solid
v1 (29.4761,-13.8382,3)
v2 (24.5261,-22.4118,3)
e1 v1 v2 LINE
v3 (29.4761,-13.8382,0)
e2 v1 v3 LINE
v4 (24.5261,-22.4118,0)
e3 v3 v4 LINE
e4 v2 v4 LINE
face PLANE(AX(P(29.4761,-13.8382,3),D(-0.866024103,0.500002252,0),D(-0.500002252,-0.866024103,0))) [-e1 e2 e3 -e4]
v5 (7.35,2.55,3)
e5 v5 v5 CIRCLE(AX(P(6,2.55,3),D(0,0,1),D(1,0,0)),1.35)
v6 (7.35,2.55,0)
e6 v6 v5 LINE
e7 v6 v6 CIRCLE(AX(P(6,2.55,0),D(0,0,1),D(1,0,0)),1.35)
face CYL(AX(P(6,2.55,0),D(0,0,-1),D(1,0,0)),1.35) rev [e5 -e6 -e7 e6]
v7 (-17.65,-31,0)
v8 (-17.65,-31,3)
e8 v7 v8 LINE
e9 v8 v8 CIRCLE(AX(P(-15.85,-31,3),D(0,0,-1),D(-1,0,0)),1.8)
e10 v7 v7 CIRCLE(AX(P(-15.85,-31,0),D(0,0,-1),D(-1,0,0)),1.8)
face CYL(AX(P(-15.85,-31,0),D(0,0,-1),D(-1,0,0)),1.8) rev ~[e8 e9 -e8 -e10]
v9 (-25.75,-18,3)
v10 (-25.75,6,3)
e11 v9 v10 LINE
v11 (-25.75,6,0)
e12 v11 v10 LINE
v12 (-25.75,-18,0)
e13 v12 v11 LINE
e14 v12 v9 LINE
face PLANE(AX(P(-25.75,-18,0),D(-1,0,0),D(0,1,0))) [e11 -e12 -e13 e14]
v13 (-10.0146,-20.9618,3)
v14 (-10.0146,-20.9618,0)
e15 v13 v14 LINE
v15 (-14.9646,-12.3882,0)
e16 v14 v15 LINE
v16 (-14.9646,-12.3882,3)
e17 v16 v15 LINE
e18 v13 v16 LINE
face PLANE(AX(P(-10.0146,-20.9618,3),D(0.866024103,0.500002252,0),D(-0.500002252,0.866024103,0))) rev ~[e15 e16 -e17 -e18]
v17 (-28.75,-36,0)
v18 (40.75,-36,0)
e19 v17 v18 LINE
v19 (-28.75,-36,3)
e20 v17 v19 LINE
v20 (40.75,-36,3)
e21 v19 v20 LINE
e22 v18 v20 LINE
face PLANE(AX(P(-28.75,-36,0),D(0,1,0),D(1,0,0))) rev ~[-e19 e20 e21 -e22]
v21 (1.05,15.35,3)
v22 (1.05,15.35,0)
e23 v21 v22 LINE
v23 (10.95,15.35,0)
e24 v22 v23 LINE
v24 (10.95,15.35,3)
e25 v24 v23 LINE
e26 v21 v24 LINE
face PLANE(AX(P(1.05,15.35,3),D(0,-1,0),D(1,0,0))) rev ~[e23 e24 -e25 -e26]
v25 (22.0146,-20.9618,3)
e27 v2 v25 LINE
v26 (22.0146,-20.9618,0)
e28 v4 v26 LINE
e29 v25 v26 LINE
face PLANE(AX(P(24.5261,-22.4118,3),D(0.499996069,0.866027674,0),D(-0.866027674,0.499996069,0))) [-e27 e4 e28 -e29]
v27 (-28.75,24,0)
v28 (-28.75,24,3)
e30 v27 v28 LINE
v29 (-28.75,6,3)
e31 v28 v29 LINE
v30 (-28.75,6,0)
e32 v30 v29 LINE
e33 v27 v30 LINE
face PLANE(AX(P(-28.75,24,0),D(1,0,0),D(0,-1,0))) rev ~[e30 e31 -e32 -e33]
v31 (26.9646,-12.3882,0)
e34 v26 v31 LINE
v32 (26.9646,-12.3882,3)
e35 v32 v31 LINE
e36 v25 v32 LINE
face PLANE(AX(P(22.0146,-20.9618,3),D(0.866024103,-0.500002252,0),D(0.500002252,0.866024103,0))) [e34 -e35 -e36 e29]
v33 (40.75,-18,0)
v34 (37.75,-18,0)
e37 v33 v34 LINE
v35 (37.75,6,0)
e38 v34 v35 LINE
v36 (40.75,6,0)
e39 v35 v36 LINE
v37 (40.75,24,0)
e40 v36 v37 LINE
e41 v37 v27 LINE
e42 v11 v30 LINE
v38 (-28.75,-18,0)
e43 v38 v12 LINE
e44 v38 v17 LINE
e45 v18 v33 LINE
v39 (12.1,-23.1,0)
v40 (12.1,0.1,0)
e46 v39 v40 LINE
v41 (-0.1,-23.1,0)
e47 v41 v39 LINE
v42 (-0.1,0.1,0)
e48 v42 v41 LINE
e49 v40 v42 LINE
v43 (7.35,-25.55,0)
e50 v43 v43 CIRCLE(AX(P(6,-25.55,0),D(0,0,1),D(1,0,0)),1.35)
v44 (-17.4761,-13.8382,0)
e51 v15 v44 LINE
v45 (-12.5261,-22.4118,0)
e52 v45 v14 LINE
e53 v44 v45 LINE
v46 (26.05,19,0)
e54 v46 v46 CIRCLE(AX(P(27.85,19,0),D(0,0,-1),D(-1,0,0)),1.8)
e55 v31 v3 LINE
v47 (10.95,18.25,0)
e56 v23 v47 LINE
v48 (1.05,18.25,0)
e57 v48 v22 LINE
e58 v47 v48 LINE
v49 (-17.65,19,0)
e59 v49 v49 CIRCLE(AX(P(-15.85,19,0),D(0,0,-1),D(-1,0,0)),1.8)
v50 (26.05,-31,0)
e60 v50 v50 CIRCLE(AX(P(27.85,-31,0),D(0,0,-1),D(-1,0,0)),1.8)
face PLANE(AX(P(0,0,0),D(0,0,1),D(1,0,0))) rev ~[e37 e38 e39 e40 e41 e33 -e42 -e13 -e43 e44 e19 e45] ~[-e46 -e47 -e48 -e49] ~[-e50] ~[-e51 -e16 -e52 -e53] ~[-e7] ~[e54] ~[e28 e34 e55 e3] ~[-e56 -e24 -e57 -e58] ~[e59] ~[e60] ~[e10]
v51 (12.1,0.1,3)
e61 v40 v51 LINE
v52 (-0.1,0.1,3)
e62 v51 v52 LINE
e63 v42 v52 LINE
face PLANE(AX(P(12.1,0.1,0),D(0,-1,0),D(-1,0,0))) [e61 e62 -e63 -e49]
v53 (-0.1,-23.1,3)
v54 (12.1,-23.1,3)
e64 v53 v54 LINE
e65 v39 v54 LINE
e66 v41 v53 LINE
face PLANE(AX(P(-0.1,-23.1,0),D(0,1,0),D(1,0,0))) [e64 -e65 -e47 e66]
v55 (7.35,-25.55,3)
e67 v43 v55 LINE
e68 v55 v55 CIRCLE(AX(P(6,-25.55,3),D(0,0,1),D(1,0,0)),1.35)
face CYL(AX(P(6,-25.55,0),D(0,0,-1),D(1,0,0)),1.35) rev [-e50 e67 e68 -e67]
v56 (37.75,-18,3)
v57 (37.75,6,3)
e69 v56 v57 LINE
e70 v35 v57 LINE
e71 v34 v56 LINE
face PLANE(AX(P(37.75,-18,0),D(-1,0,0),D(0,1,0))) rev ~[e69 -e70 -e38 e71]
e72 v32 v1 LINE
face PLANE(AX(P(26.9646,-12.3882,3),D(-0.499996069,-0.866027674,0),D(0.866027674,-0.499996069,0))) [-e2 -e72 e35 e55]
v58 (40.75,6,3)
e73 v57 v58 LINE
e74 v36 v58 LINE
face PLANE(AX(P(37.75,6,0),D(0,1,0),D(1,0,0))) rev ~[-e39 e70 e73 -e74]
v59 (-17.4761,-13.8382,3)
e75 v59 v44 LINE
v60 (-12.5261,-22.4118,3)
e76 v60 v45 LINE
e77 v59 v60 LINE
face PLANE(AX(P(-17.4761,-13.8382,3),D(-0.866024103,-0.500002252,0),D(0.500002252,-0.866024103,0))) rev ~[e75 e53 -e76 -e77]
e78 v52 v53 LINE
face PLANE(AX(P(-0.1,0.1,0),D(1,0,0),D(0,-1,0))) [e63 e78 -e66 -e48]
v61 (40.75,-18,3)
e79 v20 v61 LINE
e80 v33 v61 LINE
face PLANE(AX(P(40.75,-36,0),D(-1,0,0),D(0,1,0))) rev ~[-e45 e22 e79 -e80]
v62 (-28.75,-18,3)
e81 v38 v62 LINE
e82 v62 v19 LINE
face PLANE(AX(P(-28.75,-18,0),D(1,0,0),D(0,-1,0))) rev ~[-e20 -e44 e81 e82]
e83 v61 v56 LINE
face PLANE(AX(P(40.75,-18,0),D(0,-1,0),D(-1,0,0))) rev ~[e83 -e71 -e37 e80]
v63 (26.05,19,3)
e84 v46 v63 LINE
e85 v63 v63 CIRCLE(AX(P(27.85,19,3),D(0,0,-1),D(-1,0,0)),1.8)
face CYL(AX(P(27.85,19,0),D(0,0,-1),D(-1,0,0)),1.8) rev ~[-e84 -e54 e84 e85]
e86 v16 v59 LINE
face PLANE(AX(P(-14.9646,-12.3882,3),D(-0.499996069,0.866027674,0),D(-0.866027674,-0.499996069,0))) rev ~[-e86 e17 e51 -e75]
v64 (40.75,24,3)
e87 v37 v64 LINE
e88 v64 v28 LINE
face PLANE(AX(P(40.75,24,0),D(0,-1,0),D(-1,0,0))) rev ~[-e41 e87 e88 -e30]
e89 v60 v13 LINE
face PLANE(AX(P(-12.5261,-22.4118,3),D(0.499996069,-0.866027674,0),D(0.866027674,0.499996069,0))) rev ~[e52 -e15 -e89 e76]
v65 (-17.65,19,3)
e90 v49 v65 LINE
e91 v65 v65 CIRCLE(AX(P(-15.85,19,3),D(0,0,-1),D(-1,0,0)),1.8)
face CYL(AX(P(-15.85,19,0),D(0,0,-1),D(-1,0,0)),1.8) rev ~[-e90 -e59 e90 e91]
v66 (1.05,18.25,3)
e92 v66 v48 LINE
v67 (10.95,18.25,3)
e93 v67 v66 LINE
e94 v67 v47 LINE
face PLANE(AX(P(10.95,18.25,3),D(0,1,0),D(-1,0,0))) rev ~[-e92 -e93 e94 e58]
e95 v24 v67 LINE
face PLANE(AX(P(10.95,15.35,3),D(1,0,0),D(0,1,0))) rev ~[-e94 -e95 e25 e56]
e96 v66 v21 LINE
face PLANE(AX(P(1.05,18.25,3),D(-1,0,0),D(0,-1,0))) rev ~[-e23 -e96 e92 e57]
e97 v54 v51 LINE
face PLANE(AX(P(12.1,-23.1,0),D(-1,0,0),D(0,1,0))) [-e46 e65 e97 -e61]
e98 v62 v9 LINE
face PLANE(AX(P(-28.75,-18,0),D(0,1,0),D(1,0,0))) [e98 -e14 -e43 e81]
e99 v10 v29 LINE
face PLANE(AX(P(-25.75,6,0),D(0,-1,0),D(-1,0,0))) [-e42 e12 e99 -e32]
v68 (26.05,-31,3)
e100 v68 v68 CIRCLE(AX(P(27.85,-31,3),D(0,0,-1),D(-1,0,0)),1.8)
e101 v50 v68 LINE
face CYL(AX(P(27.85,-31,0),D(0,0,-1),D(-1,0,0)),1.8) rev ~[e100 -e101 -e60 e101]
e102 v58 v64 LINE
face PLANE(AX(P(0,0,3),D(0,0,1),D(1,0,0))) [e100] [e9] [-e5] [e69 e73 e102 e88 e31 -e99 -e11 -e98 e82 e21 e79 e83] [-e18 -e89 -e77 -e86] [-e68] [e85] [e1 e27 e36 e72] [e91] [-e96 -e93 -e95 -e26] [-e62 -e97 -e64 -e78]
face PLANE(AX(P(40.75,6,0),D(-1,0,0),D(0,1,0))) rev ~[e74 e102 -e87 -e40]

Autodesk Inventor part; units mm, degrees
ref_plane "YZ Plane" through (0, 0, 0) normal (1, 0, 0) x (0, 1, 0)
ref_plane "XZ Plane" through (0, 0, 0) normal (0, 1, 0) x (-1, 0, 0)
ref_plane "XY Plane" through (0, 0, 0) normal (0, 0, 1) x (1, 0, 0)
sketch "Sketch1" plane through (0, 0, 0) normal (0, 0, 1) x (1, 0, 0)
  arc A0 (8.3864, -11.505) -> (3.6136, -11.505) centre (6, -6) ccw construction
  line L0 (-28.75, -36) -> (40.75, -36)
  line L1 (40.75, -36) -> (40.75, 24)
  line L2 (40.75, 24) -> (-28.75, 24)
  line L3 (-28.75, 24) -> (-28.75, -36)
  line L4 (-28.75, -36) -> (40.75, 24) construction
  line L5 (40.75, -36) -> (-28.75, 24) construction
  line L6 (12, 0) -> (0, 0) projected
  line L7 (0, 0) -> (0, -23) projected
  line L8 (0, -23) -> (12, -23) projected
  line L9 (12, -23) -> (12, 0) projected
  line L10 (-0.1, -23.1) -> (12.1, -23.1)
  line L11 (12.1, -23.1) -> (12.1, 0.1)
  line L12 (12.1, 0.1) -> (-0.1, 0.1)
  line L13 (-0.1, 0.1) -> (-0.1, -23.1)
  line L14 (-28.75, -6) -> (40.75, -6) construction
  line L15 (6, -36) -> (6, 24) construction
  line L16 (-28.75, -18) -> (-25.75, -18)
  line L17 (-25.75, -18) -> (-25.75, 6)
  line L18 (-25.75, 6) -> (-28.75, 6)
  line L19 (-28.75, 6) -> (-28.75, -18)
  line L20 (40.75, -18) -> (37.75, -18)
  line L21 (37.75, -18) -> (37.75, 6)
  line L22 (37.75, 6) -> (40.75, 6)
  line L23 (40.75, 6) -> (40.75, -18)
  arc A1 (6.5, -26.804) -> (5.5, -26.804) centre (6, -25.55) ccw construction
  arc A2 (5.5, 3.804) -> (6.5, 3.804) centre (6, 2.55) ccw construction
  circle A3 centre (6, -25.55) radius 1.35
  circle A4 centre (6, 2.55) radius 1.35
  dimension "d0" = 69.5
  dimension "d1" = 60
  dimension "d2" = 0.1
  dimension "d3" = 0.1
  dimension "d4" = 0.1
  dimension "d5" = 0.1
  dimension "d6" = 12
  dimension "d7" = 12
  dimension "d8" = 3
extrude "Extrusion1" add sketch "Sketch1" along normal blind 3 contours L3 L16 L17 L18 L2 L1 L22 L21 L20 L0
sketch "Sketch2" plane through (0, 0, 0) normal (0, 0, -1) x (-1, 0, 0)
  circle A0 centre (15.85, 19) radius 1.8 projected
  circle A1 centre (-27.85, 19) radius 1.8 projected
  circle A2 centre (-27.85, -31) radius 1.8 projected
  circle A3 centre (15.85, -31) radius 1.8 projected
  point P0 (0, 0)
extrude "Extrusion2" cut sketch "Sketch2" against normal blind 7.7625
sketch "Sketch3" plane through (0, 0, 3) normal (0, 0, 1) x (1, 0, 0)
  line L0 (-14.9463, -12.3199) -> (-9.9463, -20.9801) construction
  line L1 (-17.5444, -13.8199) -> (-12.5444, -22.4801) construction
  line L2 (-12.5444, -22.4801) -> (-9.9463, -20.9801) construction
  line L3 (-17.5444, -13.8199) -> (-14.9463, -12.3199) construction
  line L4 (29.5444, -13.8199) -> (26.9463, -12.3199) construction
  line L5 (24.5444, -22.4801) -> (21.9463, -20.9801) construction
  line L6 (21.9463, -20.9801) -> (26.9463, -12.3199) construction
  line L7 (24.5444, -22.4801) -> (29.5444, -13.8199) construction
  line L8 (11, 15.3) -> (1, 15.3) construction
  line L9 (11, 18.3) -> (1, 18.3) construction
  line L10 (11, 18.3) -> (11, 15.3) construction
  line L11 (1, 18.3) -> (1, 15.3) construction
  line L12 (26.9646, -12.3882) -> (29.4761, -13.8382)
  line L13 (29.4761, -13.8382) -> (24.5261, -22.4118)
  line L14 (24.5261, -22.4118) -> (22.0146, -20.9618)
  line L15 (22.0146, -20.9618) -> (26.9646, -12.3882)
  line L16 (-10.0146, -20.9618) -> (-14.9646, -12.3882)
  line L17 (-14.9646, -12.3882) -> (-17.4761, -13.8382)
  line L18 (-17.4761, -13.8382) -> (-12.5261, -22.4118)
  line L19 (-12.5261, -22.4118) -> (-10.0146, -20.9618)
  line L20 (1.05, 15.35) -> (10.95, 15.35)
  line L21 (10.95, 15.35) -> (10.95, 18.25)
  line L22 (10.95, 18.25) -> (1.05, 18.25)
  line L23 (1.05, 18.25) -> (1.05, 15.35)
  point P0 (0, 0)
  dimension "d13" = 0.05
  dimension "d14" = 0.05
  dimension "d15" = 0.05
extrude "Extrusion3" cut sketch "Sketch3" against normal blind 10
properties part number "Camera pan base"
